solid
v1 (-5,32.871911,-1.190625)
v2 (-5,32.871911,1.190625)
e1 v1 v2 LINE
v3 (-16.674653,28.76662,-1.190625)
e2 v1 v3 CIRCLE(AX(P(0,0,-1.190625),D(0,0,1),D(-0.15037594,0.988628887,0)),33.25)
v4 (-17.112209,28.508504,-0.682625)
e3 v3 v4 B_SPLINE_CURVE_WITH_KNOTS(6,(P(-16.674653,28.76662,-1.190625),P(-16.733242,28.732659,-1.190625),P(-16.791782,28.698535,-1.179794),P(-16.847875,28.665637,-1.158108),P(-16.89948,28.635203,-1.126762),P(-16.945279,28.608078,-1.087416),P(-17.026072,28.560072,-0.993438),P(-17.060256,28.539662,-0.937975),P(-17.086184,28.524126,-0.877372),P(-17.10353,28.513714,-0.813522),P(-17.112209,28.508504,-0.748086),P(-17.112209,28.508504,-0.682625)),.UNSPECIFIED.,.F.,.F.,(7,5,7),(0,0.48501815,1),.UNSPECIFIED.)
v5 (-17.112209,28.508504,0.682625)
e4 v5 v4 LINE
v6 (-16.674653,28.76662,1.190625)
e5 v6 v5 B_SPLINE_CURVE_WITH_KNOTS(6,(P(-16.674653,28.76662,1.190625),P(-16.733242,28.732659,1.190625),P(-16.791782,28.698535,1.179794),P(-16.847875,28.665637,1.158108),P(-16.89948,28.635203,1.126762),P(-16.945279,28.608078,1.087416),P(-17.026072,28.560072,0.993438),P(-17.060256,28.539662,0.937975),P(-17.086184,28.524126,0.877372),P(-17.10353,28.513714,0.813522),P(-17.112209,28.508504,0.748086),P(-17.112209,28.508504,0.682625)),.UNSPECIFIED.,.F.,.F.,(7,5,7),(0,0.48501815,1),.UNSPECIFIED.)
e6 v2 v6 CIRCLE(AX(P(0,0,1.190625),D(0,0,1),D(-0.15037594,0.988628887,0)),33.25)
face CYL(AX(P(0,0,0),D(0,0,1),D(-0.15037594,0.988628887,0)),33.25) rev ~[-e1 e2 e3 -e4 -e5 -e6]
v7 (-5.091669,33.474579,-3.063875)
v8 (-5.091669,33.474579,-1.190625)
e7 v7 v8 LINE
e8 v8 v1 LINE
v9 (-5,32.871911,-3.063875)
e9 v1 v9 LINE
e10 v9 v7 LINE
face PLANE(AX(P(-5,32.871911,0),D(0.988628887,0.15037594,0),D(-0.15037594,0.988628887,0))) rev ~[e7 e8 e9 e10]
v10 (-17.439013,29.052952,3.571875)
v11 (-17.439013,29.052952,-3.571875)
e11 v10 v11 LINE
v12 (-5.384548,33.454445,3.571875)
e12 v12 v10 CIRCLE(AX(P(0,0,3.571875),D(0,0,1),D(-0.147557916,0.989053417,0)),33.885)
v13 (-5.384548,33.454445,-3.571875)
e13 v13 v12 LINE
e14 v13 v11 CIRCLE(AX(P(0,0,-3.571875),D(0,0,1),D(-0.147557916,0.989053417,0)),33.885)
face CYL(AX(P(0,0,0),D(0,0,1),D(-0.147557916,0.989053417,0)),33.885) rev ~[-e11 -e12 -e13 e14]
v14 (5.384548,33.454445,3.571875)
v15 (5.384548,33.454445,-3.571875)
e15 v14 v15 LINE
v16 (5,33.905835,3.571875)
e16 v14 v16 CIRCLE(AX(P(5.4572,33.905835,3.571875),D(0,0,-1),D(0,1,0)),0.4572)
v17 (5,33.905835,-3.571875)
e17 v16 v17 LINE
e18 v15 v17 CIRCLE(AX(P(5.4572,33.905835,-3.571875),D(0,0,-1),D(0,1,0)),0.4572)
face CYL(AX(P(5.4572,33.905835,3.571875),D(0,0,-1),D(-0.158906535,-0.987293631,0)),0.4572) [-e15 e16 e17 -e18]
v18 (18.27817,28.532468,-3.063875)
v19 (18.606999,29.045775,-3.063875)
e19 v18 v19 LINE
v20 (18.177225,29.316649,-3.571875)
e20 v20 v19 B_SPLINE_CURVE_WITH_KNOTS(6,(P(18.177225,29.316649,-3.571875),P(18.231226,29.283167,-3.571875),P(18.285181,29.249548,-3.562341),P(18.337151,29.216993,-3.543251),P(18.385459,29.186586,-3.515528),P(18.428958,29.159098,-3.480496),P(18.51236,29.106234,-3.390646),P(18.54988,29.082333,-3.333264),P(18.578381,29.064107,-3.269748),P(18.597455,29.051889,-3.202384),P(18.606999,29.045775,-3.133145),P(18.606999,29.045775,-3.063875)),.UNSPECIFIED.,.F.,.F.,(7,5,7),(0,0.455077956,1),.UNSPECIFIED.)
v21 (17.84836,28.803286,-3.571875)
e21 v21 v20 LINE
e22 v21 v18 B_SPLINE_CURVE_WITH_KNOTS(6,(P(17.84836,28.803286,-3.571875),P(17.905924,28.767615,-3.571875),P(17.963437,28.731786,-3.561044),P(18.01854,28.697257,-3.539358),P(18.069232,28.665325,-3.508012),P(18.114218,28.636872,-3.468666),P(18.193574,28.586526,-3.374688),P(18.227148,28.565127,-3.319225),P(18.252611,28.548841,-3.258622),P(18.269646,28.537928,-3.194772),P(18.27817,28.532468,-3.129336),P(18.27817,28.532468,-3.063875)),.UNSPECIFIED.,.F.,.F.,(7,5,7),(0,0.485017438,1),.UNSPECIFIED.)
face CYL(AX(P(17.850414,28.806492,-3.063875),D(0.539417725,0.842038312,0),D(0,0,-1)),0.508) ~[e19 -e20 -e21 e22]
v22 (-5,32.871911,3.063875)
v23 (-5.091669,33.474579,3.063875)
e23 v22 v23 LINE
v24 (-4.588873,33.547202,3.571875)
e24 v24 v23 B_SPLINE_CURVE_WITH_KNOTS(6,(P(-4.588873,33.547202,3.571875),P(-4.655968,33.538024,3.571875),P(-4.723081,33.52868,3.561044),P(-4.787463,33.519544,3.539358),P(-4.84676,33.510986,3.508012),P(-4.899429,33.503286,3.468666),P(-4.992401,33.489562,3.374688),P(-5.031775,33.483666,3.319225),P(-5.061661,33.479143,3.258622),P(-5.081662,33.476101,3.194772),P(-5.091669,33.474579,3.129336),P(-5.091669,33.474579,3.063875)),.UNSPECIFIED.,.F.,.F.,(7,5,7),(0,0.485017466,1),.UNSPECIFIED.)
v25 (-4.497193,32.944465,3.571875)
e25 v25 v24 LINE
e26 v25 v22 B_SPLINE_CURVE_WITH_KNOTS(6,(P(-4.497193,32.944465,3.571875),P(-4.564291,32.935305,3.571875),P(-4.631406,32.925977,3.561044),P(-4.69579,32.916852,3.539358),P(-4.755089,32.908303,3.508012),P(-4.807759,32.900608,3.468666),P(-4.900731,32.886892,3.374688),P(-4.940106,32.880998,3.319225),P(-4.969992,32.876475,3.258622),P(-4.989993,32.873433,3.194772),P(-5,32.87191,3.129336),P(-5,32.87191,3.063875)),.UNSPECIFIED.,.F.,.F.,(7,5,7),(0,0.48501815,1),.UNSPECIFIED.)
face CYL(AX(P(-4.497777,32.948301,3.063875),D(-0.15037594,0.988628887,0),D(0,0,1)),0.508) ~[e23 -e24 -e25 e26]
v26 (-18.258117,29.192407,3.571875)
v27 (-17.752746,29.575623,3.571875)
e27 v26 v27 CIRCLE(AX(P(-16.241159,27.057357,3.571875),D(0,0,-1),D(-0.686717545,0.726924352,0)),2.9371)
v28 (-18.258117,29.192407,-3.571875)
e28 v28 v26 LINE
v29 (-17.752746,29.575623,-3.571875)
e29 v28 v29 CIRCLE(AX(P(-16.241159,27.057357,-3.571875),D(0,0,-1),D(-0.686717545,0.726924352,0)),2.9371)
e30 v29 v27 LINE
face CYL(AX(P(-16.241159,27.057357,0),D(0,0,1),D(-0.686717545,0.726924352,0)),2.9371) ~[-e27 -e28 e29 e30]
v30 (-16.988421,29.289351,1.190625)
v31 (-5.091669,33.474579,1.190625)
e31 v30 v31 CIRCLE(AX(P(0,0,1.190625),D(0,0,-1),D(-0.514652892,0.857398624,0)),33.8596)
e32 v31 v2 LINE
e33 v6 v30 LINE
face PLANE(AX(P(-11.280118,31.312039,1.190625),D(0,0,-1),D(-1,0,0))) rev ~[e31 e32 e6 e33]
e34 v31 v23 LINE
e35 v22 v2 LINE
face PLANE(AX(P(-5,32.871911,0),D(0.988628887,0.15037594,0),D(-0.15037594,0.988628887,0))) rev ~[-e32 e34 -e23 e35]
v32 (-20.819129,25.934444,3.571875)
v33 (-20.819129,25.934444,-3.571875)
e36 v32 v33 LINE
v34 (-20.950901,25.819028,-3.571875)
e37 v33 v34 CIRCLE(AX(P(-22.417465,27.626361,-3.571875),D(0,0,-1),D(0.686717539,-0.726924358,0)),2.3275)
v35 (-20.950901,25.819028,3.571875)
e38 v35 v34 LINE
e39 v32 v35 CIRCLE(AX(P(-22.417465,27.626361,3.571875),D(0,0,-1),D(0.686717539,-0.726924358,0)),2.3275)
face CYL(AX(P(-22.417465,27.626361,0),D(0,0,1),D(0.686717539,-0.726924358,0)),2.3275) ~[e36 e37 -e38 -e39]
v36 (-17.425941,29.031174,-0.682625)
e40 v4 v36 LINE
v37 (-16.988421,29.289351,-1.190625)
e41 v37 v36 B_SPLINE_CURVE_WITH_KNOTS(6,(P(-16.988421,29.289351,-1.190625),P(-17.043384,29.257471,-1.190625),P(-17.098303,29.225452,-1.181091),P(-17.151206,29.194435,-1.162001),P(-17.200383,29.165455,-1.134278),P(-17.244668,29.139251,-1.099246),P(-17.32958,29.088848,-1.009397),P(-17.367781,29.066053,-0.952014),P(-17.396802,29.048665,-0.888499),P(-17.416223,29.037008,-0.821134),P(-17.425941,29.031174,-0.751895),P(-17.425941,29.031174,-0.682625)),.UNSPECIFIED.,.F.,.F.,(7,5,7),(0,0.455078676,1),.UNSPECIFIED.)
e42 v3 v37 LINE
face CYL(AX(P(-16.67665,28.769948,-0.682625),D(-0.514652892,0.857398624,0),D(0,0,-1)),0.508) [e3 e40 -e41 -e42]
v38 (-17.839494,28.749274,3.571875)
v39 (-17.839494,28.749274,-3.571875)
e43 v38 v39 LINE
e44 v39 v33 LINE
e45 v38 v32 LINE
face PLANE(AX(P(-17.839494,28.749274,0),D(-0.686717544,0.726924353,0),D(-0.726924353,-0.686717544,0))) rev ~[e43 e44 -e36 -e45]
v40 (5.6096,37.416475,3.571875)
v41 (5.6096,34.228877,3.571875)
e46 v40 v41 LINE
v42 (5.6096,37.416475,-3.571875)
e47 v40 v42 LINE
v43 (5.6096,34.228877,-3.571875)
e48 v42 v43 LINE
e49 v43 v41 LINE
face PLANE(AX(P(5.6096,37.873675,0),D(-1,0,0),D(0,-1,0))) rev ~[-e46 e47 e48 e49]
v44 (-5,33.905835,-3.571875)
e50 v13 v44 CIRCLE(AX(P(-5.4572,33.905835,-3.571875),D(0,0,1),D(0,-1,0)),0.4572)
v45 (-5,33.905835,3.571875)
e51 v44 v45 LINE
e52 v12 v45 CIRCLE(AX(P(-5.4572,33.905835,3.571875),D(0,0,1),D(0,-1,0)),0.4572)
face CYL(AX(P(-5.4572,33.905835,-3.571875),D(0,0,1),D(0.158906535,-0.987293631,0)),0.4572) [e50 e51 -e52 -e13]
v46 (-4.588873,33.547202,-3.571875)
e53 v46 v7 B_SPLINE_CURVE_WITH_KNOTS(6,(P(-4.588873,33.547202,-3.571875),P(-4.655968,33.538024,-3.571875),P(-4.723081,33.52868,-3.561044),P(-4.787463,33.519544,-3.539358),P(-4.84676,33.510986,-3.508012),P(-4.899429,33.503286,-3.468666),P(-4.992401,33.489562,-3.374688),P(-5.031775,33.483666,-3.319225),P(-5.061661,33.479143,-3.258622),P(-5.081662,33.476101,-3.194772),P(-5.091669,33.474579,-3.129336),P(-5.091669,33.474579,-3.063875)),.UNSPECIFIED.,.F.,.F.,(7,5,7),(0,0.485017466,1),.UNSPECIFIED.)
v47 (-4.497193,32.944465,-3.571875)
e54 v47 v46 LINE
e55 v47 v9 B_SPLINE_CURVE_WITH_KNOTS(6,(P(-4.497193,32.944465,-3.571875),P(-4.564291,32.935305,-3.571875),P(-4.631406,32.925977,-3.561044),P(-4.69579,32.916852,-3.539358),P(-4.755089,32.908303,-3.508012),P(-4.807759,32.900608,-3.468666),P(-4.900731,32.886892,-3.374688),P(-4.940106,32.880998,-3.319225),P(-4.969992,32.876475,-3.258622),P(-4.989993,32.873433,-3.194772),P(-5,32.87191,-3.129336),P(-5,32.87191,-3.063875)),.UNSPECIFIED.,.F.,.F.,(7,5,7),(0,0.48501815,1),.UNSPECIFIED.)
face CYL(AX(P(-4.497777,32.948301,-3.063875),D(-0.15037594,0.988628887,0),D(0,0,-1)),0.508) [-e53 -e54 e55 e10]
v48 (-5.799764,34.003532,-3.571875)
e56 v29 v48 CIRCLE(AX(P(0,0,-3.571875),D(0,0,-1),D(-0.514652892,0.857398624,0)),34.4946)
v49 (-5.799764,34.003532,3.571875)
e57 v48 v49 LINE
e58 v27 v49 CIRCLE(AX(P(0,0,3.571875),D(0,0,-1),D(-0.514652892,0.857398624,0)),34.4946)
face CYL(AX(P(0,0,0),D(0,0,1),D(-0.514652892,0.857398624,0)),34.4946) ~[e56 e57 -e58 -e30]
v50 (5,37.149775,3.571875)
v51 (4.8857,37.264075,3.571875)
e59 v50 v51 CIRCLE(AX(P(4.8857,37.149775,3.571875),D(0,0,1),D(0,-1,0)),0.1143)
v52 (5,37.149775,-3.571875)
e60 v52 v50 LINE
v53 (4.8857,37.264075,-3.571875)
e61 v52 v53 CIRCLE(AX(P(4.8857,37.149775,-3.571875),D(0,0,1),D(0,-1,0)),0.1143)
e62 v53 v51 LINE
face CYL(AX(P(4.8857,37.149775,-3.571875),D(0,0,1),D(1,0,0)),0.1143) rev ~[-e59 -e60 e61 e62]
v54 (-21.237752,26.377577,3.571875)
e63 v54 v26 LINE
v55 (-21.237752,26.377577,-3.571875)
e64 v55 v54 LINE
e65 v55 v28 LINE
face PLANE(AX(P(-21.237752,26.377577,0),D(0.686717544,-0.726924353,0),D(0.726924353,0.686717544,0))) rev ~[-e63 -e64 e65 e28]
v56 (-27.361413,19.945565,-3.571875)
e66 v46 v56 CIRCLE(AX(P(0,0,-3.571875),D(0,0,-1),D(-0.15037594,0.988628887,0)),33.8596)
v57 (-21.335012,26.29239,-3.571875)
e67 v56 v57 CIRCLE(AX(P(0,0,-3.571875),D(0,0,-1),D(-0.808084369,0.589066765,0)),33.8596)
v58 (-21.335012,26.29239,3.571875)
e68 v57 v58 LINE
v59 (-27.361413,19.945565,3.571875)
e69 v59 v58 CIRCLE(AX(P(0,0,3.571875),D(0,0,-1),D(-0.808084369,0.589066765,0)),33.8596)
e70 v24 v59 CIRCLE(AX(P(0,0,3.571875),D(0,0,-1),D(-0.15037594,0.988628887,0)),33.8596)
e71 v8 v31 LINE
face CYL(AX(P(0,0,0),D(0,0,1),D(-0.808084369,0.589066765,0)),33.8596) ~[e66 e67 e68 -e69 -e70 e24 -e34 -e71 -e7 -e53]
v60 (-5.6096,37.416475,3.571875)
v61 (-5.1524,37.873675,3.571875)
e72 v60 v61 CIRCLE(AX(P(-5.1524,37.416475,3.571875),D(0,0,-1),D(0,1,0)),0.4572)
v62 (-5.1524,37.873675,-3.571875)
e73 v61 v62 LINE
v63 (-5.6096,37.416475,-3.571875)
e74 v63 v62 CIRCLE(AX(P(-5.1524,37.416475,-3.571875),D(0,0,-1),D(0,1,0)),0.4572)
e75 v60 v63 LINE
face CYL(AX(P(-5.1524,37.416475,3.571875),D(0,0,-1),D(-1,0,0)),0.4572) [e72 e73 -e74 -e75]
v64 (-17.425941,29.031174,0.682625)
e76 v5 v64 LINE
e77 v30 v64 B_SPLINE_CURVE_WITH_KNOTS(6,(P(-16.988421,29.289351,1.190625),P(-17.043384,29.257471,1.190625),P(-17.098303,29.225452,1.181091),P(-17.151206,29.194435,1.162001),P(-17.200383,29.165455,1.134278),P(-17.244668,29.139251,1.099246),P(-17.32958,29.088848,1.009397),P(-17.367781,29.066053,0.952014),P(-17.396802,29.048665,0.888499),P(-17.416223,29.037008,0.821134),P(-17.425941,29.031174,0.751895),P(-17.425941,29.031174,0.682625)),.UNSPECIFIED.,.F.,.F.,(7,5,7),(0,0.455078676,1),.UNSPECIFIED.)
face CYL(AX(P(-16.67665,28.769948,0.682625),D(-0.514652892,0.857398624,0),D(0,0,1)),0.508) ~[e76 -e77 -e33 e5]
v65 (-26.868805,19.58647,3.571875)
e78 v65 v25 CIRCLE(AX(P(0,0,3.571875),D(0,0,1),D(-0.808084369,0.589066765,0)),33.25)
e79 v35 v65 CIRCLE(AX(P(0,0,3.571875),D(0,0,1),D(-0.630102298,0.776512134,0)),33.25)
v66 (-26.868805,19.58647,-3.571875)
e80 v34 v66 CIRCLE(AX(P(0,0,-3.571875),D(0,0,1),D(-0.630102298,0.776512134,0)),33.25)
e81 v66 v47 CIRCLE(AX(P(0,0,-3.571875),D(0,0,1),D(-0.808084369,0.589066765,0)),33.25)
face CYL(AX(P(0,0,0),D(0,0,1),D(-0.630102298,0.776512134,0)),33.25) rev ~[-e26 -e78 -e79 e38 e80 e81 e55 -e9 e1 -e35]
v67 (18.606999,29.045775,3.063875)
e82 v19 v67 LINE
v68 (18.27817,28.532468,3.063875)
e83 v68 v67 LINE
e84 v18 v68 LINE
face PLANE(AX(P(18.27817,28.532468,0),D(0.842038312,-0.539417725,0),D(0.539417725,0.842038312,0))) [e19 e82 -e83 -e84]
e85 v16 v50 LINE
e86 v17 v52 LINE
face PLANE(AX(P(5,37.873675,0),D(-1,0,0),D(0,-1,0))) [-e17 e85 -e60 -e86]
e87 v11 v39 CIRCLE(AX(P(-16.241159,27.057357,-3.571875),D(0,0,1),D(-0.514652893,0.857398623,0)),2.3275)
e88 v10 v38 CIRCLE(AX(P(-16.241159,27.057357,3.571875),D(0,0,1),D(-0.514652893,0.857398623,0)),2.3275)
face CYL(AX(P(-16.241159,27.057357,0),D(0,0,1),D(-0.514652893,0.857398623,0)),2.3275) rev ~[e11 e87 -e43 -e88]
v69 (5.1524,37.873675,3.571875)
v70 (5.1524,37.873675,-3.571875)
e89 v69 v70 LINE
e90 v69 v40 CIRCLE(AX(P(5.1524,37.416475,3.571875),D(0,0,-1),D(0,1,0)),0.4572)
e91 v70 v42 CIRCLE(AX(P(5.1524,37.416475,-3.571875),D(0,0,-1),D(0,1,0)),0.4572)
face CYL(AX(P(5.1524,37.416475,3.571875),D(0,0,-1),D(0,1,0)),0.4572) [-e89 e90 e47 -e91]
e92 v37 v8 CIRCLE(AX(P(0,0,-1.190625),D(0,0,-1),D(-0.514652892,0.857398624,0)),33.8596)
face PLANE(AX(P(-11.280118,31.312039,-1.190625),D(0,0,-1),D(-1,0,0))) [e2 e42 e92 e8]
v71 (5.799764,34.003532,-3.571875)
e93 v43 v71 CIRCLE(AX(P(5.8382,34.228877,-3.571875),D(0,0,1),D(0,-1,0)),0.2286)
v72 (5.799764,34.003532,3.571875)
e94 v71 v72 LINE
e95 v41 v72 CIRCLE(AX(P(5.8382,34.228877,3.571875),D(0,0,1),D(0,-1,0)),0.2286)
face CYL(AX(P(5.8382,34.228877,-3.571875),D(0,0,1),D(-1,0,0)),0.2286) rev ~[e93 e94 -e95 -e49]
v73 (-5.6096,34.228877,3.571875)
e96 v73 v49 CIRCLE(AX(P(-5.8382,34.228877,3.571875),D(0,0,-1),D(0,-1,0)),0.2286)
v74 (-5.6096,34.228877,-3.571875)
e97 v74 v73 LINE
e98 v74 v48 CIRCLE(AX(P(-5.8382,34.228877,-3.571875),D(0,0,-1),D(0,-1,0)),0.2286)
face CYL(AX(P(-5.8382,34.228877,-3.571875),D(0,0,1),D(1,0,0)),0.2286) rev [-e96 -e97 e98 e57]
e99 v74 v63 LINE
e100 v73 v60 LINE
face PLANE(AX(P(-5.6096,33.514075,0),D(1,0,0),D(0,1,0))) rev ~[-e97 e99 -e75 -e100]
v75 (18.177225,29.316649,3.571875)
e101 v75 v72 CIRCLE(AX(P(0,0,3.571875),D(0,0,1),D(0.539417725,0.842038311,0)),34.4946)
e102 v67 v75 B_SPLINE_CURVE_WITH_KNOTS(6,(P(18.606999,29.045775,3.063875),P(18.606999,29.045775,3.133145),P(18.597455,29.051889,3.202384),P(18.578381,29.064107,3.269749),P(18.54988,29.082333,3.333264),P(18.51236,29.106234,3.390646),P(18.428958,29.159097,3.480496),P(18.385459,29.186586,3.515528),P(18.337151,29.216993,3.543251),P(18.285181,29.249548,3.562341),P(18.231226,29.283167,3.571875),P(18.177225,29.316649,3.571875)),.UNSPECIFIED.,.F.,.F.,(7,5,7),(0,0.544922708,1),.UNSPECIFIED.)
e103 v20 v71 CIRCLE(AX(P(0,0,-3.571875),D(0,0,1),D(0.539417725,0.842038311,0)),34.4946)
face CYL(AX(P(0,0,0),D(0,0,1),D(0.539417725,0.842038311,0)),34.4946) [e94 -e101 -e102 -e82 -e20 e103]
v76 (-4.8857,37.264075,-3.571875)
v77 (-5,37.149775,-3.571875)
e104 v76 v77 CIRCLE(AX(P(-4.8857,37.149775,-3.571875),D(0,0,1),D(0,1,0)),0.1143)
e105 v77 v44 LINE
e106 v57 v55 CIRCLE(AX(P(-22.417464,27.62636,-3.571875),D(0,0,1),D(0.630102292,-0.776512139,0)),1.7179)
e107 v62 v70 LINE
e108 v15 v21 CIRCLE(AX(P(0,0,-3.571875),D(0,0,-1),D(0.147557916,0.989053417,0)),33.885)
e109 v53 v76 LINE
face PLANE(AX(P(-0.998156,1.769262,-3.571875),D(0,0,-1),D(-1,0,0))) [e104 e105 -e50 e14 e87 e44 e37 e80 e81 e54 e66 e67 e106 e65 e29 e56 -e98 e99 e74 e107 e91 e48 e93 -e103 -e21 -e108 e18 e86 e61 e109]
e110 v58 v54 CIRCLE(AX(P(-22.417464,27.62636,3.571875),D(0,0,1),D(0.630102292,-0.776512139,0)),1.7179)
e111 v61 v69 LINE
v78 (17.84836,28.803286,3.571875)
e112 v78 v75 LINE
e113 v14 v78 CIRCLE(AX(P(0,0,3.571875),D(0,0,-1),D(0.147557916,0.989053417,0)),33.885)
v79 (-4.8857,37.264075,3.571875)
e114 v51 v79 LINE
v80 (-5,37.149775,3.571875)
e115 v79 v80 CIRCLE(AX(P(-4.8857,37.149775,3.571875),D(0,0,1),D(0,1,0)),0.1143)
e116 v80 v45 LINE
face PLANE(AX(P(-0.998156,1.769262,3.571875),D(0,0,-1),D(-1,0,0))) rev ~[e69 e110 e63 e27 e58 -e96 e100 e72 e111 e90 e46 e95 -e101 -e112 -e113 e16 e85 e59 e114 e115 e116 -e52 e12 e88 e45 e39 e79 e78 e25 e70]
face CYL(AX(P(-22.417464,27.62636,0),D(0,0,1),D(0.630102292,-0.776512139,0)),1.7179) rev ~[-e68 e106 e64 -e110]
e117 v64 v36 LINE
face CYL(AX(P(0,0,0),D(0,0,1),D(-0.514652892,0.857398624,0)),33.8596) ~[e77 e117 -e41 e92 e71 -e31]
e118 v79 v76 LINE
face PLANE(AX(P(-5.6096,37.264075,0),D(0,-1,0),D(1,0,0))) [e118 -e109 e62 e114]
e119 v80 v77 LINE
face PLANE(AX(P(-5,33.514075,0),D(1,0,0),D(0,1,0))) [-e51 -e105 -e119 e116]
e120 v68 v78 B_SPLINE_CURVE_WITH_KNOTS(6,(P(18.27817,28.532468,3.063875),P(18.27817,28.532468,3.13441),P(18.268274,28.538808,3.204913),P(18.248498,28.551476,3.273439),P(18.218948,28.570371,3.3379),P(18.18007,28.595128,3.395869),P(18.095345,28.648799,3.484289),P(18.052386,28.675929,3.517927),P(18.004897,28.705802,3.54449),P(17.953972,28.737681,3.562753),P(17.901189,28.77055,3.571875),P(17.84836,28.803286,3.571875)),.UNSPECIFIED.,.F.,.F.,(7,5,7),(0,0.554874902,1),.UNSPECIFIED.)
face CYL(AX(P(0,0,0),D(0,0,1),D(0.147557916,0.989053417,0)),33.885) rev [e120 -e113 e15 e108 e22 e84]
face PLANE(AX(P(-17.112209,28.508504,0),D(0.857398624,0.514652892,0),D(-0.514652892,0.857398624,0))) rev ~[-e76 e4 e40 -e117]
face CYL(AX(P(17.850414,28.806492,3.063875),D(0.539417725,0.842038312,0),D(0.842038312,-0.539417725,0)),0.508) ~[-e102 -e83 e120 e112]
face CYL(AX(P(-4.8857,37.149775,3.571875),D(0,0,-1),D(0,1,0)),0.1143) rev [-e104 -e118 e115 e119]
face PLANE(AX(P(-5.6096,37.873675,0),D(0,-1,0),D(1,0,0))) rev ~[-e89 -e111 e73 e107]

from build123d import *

# Parameters (mm, degrees)
BOSS_EXTRUDE1_DEPTH = 3.571875
SHELL1_T            = -0.6096
EXTRUDE_THIN3_DEPTH = 3.571875
EXTRUDE_THIN4_DEPTH = 3.571875
EXTRUDE_THIN6_DEPTH = 1.190625
FILLET4_R           = 0.4572
FILLET5_R           = 0.2286
FILLET6_R           = 0.1143
FILLET7_R           = 0.508


with BuildPart() as part:
    # Sketch1 → Boss-Extrude1 (new, symmetric)
    with BuildSketch(Plane.XY):
        Polygon((-5.6096, 33.514075028), (-5.6096, 37.873675028), (5.6096, 37.873675028), (5.6096, 33.514075028), (5, 33.514075028), (-5, 33.514075028), align=None)
    extrude(amount=BOSS_EXTRUDE1_DEPTH, both=True)

    # Shell1
    shell1_openings = [part.faces().sort_by_distance(p)[0] for p in [
        (0, 35.693875028, 3.571875),
        (0, 33.514075028, 0),
        (0, 35.693875028, -3.571875),
    ]]
    offset(amount=SHELL1_T, openings=shell1_openings, kind=Kind.INTERSECTION)

    # Sketch5 → Extrude-Thin3 (add, symmetric)
    with BuildSketch(Plane.XY):
        with BuildLine():
            ThreePointArc((5, 33.514075028), (11.90262143, 31.725712413), (18.278169619, 28.532468179))
            Line((18.278169619, 28.532468179), (18.606998664, 29.045774734))
            ThreePointArc((18.606998664, 29.045774734), (12.116752698, 32.296466265), (5.089951306, 34.117001991))
            Line((5.089951306, 34.117001991), (5, 33.514075028))
        make_face()
    extrude(amount=EXTRUDE_THIN3_DEPTH, both=True)

    # Sketch6 → Extrude-Thin4 (add, symmetric)
    with BuildSketch(Plane.XY):
        with BuildLine():
            ThreePointArc((-5, 33.514075028), (-11.439087927, 31.895775463), (-17.43901324, 29.052952384))
            ThreePointArc((-17.43901324, 29.052952384), (-17.647474534, 28.911954573), (-17.839493718, 28.749273517))
            Line((-17.839493718, 28.749273517), (-20.819129436, 25.934444001))
            ThreePointArc((-20.819129436, 25.934444001), (-20.883929256, 25.875496119), (-20.950901421, 25.819028441))
            ThreePointArc((-20.950901421, 25.819028441), (-24.112077535, 22.894763964), (-26.868805255, 19.586469927))
            ThreePointArc((-26.868805255, 19.586469927), (17.263572049, -28.417100135), (-5, 32.871910501))
            Line((-5, 32.871910501), (-5.091669173, 33.474578671))
            ThreePointArc((-5.091669173, 33.474578671), (17.580079524, -28.938094548), (-27.361413486, 19.945565026))
            ThreePointArc((-27.361413486, 19.945565026), (-24.554144376, 23.314512779), (-21.335011782, 26.292390238))
            ThreePointArc((-21.335011782, 26.292390238), (-21.285580426, 26.334068357), (-21.237752451, 26.377577087))
            Line((-21.237752451, 26.377577087), (-18.258116733, 29.192406602))
            ThreePointArc((-18.258116733, 29.192406602), (-18.015805435, 29.397695767), (-17.752745643, 29.575622585))
            ThreePointArc((-17.752745643, 29.575622585), (-11.644880107, 32.469588794), (-5.089951306, 34.117001991))
            Line((-5.089951306, 34.117001991), (-5, 33.514075028))
        make_face()
    extrude(amount=EXTRUDE_THIN4_DEPTH, both=True)

    # Sketch9 → Extrude-Thin6 (add, symmetric)
    with BuildSketch(Plane.XY):
        with BuildLine():
            ThreePointArc((-5, 32.871910501), (-11.269306607, 31.282027246), (-17.112208653, 28.508504258))
            Line((-17.112208653, 28.508504258), (-17.425941056, 29.031174459))
            ThreePointArc((-17.425941056, 29.031174459), (-11.47591621, 31.855546759), (-5.091669173, 33.474578671))
            Line((-5.091669173, 33.474578671), (-5, 32.871910501))
        make_face()
    extrude(amount=EXTRUDE_THIN6_DEPTH, both=True)

    # Fillet4
    fillet4_edges = [part.edges().sort_by_distance(p)[0] for p in [
        (-5.6096, 37.873675028, 0),
        (5.6096, 37.873675028, 0),
        (5, 33.514075028, 0),
        (-5, 33.514075028, 0),
    ]]
    fillet(fillet4_edges, radius=FILLET4_R)

    # Fillet5
    fillet5_edges = [part.edges().sort_by_distance(p)[0] for p in [
        (5.6096, 34.035420036, 0),
        (-5.6096, 34.035420036, 0),
    ]]
    fillet(fillet5_edges, radius=FILLET5_R)

    # Fillet6
    fillet6_edges = [part.edges().sort_by_distance(p)[0] for p in [
        (5, 37.264075028, 0),
        (-5, 37.264075028, 0),
    ]]
    fillet(fillet6_edges, radius=FILLET6_R)

    # Fillet7
    fillet7_edges = [part.edges().sort_by_distance(p)[0] for p in [
        (18.442584141, 28.789121456, -3.571875),
        (18.442584141, 28.789121456, 3.571875),
        (-5.045834586, 33.173244586, -3.571875),
        (-5.045834586, 33.173244586, 3.571875),
        (-17.269074855, 28.769839358, 1.190625),
        (-17.269074855, 28.769839358, -1.190625),
    ]]
    fillet(fillet7_edges, radius=FILLET7_R)


solid = part.part
